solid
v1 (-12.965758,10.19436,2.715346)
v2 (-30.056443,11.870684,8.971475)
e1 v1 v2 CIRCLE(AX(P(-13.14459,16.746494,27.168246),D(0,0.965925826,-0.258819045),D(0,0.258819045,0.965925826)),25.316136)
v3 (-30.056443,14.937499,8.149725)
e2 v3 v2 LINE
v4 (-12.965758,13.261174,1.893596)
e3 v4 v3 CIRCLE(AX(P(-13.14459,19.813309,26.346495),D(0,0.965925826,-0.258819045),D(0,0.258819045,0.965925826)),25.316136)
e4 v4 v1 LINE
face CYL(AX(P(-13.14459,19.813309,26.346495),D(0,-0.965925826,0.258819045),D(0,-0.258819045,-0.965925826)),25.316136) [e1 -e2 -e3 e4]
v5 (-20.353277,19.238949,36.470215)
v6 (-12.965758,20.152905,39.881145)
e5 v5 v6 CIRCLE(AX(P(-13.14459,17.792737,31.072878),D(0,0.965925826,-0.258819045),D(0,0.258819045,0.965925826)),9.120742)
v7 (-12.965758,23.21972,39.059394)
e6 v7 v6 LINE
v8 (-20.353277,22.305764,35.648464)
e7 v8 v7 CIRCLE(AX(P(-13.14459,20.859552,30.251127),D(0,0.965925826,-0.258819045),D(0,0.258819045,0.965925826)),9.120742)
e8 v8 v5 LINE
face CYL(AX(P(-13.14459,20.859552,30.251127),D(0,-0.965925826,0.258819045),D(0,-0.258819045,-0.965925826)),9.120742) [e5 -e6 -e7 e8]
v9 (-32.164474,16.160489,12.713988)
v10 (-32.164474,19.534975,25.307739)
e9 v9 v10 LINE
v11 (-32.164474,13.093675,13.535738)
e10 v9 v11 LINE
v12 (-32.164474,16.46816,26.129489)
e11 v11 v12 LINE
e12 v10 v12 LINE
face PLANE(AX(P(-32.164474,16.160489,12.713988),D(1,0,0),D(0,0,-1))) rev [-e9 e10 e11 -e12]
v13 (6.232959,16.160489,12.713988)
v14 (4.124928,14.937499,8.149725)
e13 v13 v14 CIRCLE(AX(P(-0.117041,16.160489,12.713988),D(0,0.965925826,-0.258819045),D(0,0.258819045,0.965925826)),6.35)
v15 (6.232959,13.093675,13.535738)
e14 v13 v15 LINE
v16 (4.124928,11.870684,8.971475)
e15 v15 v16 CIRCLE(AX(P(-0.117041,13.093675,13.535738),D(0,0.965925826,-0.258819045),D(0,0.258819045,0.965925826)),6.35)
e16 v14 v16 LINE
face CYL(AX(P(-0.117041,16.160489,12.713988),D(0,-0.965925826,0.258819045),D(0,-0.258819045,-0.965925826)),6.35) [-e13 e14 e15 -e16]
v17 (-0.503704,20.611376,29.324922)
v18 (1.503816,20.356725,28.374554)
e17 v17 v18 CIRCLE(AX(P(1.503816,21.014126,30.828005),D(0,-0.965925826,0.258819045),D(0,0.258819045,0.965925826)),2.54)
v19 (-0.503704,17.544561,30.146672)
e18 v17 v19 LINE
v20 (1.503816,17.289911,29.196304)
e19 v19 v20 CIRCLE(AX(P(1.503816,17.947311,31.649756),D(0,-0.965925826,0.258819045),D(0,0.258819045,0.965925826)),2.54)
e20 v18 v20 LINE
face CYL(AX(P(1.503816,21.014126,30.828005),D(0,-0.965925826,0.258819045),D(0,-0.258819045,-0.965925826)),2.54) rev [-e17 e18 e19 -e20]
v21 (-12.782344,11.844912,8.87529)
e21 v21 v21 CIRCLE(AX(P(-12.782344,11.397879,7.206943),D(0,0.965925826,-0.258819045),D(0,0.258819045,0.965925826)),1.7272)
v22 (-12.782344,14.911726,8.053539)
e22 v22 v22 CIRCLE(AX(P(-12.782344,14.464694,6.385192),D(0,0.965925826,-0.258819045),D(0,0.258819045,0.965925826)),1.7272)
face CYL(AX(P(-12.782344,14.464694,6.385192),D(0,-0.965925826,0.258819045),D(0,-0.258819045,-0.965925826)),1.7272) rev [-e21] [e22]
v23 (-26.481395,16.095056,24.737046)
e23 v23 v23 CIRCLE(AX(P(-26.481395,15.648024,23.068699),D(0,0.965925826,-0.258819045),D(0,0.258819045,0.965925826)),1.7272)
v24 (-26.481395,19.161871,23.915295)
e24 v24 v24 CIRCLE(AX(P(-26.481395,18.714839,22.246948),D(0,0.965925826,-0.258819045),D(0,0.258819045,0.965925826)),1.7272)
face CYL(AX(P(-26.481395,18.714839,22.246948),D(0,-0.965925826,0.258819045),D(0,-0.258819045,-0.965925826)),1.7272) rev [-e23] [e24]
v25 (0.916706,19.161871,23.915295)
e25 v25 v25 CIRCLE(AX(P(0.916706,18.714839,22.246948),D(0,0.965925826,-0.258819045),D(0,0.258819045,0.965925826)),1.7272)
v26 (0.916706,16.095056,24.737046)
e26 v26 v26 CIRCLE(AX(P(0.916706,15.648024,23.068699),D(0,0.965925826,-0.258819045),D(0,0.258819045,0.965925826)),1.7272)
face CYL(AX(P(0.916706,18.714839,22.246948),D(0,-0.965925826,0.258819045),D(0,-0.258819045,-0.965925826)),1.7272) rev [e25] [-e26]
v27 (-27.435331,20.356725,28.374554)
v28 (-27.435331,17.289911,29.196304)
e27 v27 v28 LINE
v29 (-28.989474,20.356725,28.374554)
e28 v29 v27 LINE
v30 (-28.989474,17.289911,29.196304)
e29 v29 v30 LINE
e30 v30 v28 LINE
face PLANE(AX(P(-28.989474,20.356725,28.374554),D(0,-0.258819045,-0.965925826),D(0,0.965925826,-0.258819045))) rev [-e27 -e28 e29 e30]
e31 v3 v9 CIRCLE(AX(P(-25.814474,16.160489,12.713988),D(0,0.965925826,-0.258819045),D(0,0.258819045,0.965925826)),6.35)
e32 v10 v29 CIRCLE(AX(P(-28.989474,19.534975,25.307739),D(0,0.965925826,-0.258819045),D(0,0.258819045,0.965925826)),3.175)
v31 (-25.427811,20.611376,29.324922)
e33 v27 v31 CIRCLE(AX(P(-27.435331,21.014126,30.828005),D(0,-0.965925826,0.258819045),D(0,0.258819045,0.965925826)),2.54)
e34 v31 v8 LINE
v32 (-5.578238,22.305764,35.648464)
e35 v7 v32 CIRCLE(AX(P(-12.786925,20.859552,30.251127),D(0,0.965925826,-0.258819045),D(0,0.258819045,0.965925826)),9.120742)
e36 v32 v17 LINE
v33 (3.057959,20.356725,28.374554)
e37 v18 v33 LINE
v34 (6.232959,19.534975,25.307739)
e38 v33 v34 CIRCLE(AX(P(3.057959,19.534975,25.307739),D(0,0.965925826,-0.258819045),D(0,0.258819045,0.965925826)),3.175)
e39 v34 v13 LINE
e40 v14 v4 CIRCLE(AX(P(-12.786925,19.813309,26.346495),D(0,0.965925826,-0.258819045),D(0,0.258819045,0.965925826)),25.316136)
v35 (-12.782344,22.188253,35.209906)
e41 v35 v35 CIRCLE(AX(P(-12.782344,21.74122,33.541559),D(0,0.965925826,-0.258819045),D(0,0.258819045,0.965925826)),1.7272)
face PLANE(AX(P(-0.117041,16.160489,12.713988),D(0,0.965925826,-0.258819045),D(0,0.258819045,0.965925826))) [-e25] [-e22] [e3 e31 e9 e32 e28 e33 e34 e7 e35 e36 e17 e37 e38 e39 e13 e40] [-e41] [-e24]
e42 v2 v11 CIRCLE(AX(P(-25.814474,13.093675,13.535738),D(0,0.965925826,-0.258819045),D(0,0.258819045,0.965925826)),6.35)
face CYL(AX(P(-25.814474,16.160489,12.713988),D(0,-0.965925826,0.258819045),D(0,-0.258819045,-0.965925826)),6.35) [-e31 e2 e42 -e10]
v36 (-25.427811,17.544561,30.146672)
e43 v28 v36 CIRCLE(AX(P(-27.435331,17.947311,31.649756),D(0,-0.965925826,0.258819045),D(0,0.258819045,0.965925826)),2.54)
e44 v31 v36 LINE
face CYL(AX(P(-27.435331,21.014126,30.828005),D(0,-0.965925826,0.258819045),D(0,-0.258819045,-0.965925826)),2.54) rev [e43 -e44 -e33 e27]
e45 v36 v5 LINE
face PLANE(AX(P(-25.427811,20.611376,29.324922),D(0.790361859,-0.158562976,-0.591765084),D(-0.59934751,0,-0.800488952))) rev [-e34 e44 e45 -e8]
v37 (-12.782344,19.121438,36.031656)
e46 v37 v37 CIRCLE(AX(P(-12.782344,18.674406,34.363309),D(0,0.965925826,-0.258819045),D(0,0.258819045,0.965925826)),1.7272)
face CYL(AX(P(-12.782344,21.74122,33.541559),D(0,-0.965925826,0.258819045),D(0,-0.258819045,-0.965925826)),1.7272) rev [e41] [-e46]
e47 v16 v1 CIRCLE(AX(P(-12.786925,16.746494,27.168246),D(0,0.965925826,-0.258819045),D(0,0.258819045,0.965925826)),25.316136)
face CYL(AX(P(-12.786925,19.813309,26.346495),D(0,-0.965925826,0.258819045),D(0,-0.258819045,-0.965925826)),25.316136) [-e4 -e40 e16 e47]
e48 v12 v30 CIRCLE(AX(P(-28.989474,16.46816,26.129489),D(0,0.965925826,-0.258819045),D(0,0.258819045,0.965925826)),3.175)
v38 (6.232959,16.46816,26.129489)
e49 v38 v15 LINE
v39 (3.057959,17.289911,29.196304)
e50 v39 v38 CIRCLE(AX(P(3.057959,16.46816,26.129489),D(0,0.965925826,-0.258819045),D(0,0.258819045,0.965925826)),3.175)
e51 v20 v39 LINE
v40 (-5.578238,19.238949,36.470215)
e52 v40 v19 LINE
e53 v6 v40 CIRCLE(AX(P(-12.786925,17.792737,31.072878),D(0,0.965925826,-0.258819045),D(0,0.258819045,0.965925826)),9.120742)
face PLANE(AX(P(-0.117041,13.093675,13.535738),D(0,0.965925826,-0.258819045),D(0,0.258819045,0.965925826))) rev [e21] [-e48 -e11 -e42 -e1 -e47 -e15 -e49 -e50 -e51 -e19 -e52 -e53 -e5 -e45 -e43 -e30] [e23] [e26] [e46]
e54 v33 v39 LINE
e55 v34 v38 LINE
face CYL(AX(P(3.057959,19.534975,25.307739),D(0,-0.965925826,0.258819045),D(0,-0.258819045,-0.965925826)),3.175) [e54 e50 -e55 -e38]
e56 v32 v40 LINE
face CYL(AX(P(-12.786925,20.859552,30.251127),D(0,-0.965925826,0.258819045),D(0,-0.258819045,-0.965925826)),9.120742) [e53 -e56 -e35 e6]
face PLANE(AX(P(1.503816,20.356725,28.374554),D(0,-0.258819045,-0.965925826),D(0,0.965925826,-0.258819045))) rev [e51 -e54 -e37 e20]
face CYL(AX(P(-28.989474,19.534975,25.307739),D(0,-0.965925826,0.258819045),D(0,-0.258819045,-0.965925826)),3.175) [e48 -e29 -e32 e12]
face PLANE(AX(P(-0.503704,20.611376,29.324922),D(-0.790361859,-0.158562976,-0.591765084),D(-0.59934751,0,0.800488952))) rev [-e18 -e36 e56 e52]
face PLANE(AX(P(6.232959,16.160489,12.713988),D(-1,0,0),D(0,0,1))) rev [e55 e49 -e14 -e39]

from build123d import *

# Parameters (mm, degrees)
SKETCH1_R      = 1.7272
EXTRUDE1_DEPTH = 3.175


with BuildPart() as part:
    # Sketch1 → Extrude1 (new body)
    with BuildSketch(Plane(origin=(0, 8.832630516, -2.366696214), x_dir=(1, 0, 0), z_dir=(0, 0.9659258262890681, -0.25881904510252135))):
        with BuildLine():
            Line((6.232958536, -16.463411329), (6.232958536, -29.501422299))
            ThreePointArc((6.232958536, -29.501422299), (5.303022566, -31.746486329), (3.057958536, -32.676422299))
            Line((3.057958536, -32.676422299), (1.503815544, -32.676422299))
            ThreePointArc((1.503815544, -32.676422299), (0.385985087, -32.93562089), (-0.503703576, -33.660315947))
            Line((-0.503703576, -33.660315947), (-5.578238388, -40.206928682))
            ThreePointArc((-5.578238388, -40.206928682), (-8.853459375, -42.848154666), (-12.965757523, -43.738183401))
            ThreePointArc((-12.965757523, -43.738183401), (-17.07805567, -42.848154665), (-20.353276656, -40.206928682))
            Line((-20.353276656, -40.206928682), (-25.427811468, -33.660315947))
            ThreePointArc((-25.427811468, -33.660315947), (-26.317500131, -32.93562089), (-27.435330589, -32.676422299))
            Line((-27.435330589, -32.676422299), (-28.98947358, -32.676422299))
            ThreePointArc((-28.98947358, -32.676422299), (-31.234537611, -31.746486329), (-32.16447358, -29.501422299))
            Line((-32.16447358, -29.501422299), (-32.16447358, -16.463411329))
            ThreePointArc((-32.16447358, -16.463411329), (-31.6135685, -13.876328394), (-30.056442678, -11.738139043))
            ThreePointArc((-30.056442678, -11.738139043), (-22.115977586, -6.903610393), (-12.965757522, -5.261317506))
            ThreePointArc((-12.965757522, -5.261317506), (-3.815537458, -6.903610394), (4.124927634, -11.738139043))
            ThreePointArc((4.124927634, -11.738139043), (5.682053455, -13.876328394), (6.232958536, -16.463411329))
        make_face()
        with Locations(Location((0.916706492, -26.332658417, 0), (0, 0, 270))):
            Circle(SKETCH1_R, mode=Mode.SUBTRACT)
        with Locations(Location((-12.782344336, -38.025699687, 0), (0, 0, 270))):
            Circle(SKETCH1_R, mode=Mode.SUBTRACT)
        with Locations(Location((-26.481395164, -26.332658417, 0), (0, 0, 270))):
            Circle(SKETCH1_R, mode=Mode.SUBTRACT)
        with Locations(Location((-12.782344336, -9.91136031, 0), (0, 0, 270))):
            Circle(SKETCH1_R, mode=Mode.SUBTRACT)
    extrude(amount=EXTRUDE1_DEPTH)


solid = part.part
